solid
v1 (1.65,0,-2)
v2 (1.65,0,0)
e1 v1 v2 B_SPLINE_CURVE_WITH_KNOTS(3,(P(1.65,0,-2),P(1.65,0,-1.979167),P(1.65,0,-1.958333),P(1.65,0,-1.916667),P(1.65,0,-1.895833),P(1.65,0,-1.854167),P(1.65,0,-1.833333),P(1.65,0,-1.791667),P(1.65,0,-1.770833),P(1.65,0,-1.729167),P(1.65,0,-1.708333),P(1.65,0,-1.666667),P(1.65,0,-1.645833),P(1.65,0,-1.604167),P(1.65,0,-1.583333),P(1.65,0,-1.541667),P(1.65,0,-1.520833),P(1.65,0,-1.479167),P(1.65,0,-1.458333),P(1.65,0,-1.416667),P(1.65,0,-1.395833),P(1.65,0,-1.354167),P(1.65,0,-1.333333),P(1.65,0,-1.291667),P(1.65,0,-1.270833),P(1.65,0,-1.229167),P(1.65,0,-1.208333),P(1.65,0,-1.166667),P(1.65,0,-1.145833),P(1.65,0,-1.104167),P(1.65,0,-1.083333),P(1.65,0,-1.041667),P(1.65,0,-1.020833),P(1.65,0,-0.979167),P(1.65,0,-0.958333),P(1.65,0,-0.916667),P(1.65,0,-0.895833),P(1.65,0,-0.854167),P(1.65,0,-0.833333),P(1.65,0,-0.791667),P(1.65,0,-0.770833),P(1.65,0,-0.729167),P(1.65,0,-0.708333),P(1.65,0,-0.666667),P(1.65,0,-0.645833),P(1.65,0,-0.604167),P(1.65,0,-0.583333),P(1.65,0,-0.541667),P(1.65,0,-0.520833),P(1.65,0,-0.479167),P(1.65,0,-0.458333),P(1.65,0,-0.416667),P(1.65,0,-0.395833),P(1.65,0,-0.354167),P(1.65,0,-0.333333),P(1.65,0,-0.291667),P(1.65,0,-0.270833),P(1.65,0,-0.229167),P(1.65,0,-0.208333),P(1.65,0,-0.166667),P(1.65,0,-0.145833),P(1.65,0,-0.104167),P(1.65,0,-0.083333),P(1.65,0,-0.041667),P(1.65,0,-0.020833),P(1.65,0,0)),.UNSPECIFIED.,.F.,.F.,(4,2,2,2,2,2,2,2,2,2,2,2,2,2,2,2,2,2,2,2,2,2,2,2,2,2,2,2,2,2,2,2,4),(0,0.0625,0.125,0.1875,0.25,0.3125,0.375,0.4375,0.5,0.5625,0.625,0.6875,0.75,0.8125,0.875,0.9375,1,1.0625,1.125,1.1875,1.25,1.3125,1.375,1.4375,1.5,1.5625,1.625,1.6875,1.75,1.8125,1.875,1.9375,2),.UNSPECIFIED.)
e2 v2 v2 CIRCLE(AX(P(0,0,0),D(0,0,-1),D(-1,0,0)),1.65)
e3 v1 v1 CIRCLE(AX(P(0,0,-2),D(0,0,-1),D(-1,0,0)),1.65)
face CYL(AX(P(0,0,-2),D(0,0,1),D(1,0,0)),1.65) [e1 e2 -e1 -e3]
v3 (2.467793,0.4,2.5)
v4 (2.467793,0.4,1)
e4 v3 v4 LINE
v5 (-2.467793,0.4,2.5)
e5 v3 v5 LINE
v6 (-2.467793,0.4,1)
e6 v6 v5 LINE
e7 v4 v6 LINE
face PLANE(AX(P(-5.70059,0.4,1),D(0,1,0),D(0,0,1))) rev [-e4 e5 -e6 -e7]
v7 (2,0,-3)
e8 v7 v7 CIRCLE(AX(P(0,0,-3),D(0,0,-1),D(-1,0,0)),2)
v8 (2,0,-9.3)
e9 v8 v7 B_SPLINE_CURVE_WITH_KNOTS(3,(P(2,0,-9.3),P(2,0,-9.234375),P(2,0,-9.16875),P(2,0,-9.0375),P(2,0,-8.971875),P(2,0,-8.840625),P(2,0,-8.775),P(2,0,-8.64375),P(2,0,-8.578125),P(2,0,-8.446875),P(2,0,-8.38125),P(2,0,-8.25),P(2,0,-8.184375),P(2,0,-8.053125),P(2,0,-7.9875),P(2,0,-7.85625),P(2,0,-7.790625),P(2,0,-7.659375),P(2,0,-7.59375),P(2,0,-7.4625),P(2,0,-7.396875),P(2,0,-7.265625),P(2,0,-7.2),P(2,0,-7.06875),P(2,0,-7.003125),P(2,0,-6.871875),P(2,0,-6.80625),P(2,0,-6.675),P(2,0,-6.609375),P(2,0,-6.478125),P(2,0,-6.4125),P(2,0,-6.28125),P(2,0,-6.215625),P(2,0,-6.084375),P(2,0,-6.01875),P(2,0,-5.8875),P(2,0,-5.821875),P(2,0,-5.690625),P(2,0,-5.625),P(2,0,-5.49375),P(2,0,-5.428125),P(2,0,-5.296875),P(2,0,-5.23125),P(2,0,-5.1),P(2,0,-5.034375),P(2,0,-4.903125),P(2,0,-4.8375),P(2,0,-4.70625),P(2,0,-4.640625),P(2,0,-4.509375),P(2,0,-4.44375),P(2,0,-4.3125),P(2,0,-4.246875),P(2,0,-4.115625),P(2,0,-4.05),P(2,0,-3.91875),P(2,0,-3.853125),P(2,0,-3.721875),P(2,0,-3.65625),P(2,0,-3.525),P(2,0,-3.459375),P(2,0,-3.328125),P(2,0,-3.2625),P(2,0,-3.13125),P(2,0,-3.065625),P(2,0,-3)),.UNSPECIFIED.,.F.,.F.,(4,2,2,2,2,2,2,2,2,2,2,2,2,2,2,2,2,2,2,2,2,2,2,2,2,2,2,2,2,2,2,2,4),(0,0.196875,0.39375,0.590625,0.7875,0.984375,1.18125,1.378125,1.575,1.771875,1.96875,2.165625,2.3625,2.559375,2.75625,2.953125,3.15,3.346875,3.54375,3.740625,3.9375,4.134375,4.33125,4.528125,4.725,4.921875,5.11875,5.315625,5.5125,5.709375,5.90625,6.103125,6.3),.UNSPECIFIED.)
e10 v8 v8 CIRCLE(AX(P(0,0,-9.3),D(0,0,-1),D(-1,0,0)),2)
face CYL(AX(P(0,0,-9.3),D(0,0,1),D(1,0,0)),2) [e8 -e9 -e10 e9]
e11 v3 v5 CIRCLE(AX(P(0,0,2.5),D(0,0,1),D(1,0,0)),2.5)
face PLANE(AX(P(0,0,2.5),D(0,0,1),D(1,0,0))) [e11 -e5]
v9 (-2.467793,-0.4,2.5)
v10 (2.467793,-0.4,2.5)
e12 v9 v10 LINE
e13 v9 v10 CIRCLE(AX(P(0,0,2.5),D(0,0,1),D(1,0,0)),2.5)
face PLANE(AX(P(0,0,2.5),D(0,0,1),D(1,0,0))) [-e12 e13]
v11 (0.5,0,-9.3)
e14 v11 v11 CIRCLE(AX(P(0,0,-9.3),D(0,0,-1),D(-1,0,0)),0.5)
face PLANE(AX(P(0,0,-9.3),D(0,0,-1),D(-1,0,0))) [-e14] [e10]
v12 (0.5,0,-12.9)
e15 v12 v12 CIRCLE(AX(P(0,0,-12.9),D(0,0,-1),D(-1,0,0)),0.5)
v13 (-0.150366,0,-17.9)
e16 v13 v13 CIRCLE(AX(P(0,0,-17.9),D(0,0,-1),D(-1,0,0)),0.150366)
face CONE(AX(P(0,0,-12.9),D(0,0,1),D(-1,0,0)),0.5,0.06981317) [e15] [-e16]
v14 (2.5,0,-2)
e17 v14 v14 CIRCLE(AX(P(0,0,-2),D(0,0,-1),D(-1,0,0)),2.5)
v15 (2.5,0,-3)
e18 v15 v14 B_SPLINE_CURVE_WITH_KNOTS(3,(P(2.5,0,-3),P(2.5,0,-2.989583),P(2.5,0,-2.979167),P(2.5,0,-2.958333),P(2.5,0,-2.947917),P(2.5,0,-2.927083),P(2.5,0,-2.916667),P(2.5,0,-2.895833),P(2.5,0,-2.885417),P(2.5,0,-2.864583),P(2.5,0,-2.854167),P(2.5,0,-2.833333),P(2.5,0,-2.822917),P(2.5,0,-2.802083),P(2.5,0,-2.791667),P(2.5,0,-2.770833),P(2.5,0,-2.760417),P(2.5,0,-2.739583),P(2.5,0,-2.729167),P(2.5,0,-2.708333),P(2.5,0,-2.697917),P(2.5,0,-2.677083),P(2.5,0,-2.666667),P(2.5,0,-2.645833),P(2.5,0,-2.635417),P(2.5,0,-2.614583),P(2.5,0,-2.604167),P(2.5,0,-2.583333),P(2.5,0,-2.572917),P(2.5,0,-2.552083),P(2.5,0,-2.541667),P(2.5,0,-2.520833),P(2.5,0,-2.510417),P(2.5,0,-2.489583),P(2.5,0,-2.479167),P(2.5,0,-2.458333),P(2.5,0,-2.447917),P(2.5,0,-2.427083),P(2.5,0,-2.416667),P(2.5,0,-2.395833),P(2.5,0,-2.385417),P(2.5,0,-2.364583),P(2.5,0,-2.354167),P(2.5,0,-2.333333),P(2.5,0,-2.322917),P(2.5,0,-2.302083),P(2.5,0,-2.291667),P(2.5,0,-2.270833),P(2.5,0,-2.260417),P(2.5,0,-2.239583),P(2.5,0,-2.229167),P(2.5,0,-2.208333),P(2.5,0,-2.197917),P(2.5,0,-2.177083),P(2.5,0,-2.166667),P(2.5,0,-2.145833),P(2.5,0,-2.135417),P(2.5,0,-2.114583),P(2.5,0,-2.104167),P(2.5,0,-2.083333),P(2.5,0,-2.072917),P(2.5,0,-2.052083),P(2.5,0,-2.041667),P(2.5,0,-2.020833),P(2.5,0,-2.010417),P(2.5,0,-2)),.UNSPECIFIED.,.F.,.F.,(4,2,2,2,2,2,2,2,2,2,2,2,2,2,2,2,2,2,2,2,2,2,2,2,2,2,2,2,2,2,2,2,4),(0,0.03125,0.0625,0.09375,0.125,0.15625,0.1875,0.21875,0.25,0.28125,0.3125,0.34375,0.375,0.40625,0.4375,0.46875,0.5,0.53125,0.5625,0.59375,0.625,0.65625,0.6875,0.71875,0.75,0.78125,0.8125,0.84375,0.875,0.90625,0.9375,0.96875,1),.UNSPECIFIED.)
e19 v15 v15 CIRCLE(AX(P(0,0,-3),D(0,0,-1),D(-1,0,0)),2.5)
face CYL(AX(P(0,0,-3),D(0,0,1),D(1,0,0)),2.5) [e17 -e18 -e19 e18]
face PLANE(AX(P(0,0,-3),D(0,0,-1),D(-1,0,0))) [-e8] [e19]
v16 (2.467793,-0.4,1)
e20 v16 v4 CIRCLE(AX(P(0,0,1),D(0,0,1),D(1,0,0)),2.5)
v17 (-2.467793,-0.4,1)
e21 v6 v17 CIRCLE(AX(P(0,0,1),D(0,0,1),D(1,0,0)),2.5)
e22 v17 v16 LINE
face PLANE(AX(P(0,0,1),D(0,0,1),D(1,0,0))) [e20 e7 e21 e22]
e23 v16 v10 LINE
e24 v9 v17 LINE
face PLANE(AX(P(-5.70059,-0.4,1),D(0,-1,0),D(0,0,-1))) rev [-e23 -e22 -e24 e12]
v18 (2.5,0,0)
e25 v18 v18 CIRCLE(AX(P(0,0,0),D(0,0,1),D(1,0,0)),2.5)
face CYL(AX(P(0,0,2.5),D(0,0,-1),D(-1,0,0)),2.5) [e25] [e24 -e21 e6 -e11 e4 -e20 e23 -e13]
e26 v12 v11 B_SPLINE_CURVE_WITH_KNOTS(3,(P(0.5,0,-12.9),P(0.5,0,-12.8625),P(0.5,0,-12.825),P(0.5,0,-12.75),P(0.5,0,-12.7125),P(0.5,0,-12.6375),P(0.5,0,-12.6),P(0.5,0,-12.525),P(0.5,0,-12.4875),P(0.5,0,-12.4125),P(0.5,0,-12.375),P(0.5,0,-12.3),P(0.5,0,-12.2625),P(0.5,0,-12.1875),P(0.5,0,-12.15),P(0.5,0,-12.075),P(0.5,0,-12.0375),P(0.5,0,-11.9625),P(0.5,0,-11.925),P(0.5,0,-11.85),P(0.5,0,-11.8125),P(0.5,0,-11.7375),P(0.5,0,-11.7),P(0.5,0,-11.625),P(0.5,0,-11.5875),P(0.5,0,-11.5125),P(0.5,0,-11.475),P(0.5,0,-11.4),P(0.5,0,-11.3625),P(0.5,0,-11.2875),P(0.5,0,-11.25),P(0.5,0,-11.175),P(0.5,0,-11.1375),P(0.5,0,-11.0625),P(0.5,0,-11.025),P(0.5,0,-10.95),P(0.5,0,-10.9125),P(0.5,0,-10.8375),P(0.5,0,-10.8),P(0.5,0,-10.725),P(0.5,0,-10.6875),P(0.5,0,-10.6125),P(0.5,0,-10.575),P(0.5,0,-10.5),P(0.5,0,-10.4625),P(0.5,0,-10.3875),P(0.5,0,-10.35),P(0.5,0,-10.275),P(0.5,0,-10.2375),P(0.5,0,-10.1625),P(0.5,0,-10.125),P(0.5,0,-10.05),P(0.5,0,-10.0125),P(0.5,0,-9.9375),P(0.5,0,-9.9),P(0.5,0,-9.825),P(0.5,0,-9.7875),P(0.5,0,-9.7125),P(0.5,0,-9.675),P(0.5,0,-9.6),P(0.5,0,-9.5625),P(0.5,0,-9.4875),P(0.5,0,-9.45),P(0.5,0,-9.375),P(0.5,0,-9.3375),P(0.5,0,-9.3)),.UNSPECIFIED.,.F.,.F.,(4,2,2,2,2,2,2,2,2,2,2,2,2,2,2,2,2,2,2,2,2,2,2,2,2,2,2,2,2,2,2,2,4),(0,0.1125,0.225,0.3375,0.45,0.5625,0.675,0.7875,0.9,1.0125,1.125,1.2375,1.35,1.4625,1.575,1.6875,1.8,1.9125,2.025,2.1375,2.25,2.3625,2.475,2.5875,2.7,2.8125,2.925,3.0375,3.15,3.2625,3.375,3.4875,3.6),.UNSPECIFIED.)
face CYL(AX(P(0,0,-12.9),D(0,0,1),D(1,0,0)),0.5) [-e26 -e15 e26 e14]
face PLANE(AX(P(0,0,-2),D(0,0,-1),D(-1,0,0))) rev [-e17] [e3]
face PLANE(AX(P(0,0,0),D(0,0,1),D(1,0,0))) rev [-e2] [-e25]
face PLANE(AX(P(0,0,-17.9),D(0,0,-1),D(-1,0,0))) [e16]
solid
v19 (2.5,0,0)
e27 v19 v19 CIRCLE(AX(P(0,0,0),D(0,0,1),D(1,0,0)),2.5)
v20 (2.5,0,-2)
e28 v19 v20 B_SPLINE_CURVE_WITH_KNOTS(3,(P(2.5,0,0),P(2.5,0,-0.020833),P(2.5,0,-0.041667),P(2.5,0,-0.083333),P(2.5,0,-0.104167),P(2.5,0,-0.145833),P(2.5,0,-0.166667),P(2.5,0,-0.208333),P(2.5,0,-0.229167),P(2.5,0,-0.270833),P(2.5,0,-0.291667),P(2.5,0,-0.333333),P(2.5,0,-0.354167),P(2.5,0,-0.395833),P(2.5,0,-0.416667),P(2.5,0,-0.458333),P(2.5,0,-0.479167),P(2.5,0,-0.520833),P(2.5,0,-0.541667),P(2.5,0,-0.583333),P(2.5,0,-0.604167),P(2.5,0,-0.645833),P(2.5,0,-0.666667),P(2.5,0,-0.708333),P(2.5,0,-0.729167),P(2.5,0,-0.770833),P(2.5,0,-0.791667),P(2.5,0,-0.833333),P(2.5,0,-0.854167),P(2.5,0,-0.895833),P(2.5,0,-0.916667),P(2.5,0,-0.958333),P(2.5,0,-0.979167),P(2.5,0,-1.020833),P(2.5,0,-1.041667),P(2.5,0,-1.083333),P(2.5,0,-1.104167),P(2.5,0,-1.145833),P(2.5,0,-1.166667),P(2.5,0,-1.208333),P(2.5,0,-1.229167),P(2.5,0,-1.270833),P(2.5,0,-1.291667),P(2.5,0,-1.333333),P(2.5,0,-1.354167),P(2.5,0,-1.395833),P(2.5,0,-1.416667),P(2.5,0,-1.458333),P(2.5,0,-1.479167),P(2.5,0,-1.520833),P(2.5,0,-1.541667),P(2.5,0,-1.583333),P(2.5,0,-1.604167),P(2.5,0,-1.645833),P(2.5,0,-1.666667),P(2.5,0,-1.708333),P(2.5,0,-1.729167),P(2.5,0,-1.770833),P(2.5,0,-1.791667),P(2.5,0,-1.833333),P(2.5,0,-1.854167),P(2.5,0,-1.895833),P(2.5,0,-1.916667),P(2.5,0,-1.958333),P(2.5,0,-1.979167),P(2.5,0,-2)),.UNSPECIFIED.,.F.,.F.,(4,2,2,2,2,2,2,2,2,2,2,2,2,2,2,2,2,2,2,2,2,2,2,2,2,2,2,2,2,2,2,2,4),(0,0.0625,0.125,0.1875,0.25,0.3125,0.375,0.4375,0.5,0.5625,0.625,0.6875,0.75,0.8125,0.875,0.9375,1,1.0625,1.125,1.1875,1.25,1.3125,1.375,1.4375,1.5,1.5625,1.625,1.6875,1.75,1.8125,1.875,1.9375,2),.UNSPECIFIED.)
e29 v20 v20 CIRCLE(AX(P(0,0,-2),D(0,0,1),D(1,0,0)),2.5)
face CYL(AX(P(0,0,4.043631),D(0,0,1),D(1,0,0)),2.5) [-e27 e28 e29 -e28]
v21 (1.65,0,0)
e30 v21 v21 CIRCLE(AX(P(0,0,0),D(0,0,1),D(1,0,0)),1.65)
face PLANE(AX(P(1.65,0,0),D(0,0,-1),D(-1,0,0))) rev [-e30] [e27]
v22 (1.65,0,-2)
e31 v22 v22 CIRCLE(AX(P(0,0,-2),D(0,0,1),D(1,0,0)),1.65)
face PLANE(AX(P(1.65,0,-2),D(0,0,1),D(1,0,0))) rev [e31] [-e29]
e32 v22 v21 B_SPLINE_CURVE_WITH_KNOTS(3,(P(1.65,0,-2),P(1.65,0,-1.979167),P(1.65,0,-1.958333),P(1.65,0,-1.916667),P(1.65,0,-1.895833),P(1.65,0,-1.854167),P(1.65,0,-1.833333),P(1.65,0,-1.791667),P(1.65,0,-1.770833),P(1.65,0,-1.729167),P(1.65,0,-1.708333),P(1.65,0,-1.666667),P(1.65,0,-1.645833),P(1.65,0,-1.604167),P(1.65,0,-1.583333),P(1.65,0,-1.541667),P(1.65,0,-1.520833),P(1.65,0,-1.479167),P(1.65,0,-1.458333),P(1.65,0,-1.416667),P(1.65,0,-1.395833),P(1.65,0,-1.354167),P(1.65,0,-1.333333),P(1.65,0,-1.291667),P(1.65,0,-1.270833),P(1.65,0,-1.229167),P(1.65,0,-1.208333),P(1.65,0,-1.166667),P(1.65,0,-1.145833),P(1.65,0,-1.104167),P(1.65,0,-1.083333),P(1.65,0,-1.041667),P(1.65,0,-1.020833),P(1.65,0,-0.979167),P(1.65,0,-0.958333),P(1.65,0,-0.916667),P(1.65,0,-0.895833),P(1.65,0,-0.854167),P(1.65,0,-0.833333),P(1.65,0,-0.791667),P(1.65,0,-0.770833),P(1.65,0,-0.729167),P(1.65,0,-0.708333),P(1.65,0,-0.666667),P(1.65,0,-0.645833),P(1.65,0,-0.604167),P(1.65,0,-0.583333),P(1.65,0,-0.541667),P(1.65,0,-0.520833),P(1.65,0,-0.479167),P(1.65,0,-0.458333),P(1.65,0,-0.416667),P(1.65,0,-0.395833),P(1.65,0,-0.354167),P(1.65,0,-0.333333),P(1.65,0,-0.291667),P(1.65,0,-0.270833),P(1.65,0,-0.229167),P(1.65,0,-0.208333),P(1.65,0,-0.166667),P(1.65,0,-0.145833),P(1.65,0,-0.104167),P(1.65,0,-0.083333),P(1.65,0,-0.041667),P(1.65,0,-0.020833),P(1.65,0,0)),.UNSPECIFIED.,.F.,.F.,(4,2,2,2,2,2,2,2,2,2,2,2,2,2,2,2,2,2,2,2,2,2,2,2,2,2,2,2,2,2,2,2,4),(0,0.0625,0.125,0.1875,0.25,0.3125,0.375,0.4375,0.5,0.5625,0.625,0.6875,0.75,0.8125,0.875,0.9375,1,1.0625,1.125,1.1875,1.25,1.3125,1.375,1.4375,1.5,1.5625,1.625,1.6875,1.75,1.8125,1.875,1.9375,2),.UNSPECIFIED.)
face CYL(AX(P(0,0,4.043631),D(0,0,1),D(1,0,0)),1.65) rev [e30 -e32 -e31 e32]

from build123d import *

# Parameters (mm, degrees)
SKETCH1_R           = 2.5
BOSS_EXTRUDE1_DEPTH = 2.5
SKETCH2_W           = 11.4011802
SKETCH2_H           = 0.8
CUT_EXTRUDE1_DEPTH  = 1.5
SKETCH3_R           = 1.65
BOSS_EXTRUDE2_DEPTH = 2
BOSS_EXTRUDE3_START = 1
SKETCH4_R           = 2.5
BOSS_EXTRUDE3_DEPTH = 1
SKETCH5_W           = 0.85
SKETCH5_H           = 2
SKETCH6_R           = 2
BOSS_EXTRUDE4_DEPTH = 6.3
SKETCH7_R           = 0.5
BOSS_EXTRUDE5_DEPTH = 3.6
SKETCH8_R           = 0.5
BOSS_EXTRUDE6_DEPTH = 5
BOSS_EXTRUDE6_TAPER = 4


with BuildPart() as part:
    # Sketch1 → Boss-Extrude1 (new body)
    with BuildSketch(Plane.XY):
        Circle(SKETCH1_R)
    extrude(amount=BOSS_EXTRUDE1_DEPTH)

    # Sketch2 → Cut-Extrude1 (cut)
    with BuildSketch(Plane.XY.offset(2.5)):
        Rectangle(SKETCH2_W, SKETCH2_H)
    extrude(amount=-CUT_EXTRUDE1_DEPTH, mode=Mode.SUBTRACT)

    # Sketch3 → Boss-Extrude2 (add)
    with BuildSketch(Plane(origin=(0, 0, 0), x_dir=(-1, 0, 0), z_dir=(0, 0, -1))):
        Circle(SKETCH3_R)
    extrude(amount=BOSS_EXTRUDE2_DEPTH)

    # Sketch4 → Boss-Extrude3 (add)
    with BuildSketch(Plane(origin=(0, 0, -2), x_dir=(-1, 0, 0), z_dir=(0, 0, -1)).offset(BOSS_EXTRUDE3_START)):
        with Locations(Location((0, 0, 0), (0, 0, 350.793103779))):
            Circle(SKETCH4_R)
    extrude(amount=-BOSS_EXTRUDE3_DEPTH)

    # Sketch6 → Boss-Extrude4 (add)
    with BuildSketch(Plane(origin=(0, 0, -3), x_dir=(-1, 0, 0), z_dir=(0, 0, -1))):
        Circle(SKETCH6_R)
    extrude(amount=BOSS_EXTRUDE4_DEPTH)

    # Sketch7 → Boss-Extrude5 (add)
    with BuildSketch(Plane(origin=(0, 0, -9.3), x_dir=(-1, 0, 0), z_dir=(0, 0, -1))):
        Circle(SKETCH7_R)
    extrude(amount=BOSS_EXTRUDE5_DEPTH)

    # Sketch8 → Boss-Extrude6 (add)
    with BuildSketch(Plane(origin=(0, 0, -12.9), x_dir=(-1, 0, 0), z_dir=(0, 0, -1))):
        with Locations(Location((0, 0, 0), (0, 0, 180))):
            Circle(SKETCH8_R)
    extrude(amount=BOSS_EXTRUDE6_DEPTH, taper=BOSS_EXTRUDE6_TAPER)


with BuildPart() as body_2:
    # Sketch5 → Revolve1 (revolve)
    with BuildSketch(Plane(origin=(0, 0, 0), x_dir=(-1, 0, 0), z_dir=(0, -1, 0)), mode=Mode.PRIVATE) as revolve1_sk:
        with Locations((-2.075, 1)):
            Rectangle(SKETCH5_W, SKETCH5_H)
    revolve(revolve1_sk.sketch.rotate(Axis((0, 0, 4.043631363), (0, 0, -1)), 170.793103779), axis=Axis((0, 0, 4.043631363), (0, 0, -1)))


solid = Compound([part.part, body_2.part])
